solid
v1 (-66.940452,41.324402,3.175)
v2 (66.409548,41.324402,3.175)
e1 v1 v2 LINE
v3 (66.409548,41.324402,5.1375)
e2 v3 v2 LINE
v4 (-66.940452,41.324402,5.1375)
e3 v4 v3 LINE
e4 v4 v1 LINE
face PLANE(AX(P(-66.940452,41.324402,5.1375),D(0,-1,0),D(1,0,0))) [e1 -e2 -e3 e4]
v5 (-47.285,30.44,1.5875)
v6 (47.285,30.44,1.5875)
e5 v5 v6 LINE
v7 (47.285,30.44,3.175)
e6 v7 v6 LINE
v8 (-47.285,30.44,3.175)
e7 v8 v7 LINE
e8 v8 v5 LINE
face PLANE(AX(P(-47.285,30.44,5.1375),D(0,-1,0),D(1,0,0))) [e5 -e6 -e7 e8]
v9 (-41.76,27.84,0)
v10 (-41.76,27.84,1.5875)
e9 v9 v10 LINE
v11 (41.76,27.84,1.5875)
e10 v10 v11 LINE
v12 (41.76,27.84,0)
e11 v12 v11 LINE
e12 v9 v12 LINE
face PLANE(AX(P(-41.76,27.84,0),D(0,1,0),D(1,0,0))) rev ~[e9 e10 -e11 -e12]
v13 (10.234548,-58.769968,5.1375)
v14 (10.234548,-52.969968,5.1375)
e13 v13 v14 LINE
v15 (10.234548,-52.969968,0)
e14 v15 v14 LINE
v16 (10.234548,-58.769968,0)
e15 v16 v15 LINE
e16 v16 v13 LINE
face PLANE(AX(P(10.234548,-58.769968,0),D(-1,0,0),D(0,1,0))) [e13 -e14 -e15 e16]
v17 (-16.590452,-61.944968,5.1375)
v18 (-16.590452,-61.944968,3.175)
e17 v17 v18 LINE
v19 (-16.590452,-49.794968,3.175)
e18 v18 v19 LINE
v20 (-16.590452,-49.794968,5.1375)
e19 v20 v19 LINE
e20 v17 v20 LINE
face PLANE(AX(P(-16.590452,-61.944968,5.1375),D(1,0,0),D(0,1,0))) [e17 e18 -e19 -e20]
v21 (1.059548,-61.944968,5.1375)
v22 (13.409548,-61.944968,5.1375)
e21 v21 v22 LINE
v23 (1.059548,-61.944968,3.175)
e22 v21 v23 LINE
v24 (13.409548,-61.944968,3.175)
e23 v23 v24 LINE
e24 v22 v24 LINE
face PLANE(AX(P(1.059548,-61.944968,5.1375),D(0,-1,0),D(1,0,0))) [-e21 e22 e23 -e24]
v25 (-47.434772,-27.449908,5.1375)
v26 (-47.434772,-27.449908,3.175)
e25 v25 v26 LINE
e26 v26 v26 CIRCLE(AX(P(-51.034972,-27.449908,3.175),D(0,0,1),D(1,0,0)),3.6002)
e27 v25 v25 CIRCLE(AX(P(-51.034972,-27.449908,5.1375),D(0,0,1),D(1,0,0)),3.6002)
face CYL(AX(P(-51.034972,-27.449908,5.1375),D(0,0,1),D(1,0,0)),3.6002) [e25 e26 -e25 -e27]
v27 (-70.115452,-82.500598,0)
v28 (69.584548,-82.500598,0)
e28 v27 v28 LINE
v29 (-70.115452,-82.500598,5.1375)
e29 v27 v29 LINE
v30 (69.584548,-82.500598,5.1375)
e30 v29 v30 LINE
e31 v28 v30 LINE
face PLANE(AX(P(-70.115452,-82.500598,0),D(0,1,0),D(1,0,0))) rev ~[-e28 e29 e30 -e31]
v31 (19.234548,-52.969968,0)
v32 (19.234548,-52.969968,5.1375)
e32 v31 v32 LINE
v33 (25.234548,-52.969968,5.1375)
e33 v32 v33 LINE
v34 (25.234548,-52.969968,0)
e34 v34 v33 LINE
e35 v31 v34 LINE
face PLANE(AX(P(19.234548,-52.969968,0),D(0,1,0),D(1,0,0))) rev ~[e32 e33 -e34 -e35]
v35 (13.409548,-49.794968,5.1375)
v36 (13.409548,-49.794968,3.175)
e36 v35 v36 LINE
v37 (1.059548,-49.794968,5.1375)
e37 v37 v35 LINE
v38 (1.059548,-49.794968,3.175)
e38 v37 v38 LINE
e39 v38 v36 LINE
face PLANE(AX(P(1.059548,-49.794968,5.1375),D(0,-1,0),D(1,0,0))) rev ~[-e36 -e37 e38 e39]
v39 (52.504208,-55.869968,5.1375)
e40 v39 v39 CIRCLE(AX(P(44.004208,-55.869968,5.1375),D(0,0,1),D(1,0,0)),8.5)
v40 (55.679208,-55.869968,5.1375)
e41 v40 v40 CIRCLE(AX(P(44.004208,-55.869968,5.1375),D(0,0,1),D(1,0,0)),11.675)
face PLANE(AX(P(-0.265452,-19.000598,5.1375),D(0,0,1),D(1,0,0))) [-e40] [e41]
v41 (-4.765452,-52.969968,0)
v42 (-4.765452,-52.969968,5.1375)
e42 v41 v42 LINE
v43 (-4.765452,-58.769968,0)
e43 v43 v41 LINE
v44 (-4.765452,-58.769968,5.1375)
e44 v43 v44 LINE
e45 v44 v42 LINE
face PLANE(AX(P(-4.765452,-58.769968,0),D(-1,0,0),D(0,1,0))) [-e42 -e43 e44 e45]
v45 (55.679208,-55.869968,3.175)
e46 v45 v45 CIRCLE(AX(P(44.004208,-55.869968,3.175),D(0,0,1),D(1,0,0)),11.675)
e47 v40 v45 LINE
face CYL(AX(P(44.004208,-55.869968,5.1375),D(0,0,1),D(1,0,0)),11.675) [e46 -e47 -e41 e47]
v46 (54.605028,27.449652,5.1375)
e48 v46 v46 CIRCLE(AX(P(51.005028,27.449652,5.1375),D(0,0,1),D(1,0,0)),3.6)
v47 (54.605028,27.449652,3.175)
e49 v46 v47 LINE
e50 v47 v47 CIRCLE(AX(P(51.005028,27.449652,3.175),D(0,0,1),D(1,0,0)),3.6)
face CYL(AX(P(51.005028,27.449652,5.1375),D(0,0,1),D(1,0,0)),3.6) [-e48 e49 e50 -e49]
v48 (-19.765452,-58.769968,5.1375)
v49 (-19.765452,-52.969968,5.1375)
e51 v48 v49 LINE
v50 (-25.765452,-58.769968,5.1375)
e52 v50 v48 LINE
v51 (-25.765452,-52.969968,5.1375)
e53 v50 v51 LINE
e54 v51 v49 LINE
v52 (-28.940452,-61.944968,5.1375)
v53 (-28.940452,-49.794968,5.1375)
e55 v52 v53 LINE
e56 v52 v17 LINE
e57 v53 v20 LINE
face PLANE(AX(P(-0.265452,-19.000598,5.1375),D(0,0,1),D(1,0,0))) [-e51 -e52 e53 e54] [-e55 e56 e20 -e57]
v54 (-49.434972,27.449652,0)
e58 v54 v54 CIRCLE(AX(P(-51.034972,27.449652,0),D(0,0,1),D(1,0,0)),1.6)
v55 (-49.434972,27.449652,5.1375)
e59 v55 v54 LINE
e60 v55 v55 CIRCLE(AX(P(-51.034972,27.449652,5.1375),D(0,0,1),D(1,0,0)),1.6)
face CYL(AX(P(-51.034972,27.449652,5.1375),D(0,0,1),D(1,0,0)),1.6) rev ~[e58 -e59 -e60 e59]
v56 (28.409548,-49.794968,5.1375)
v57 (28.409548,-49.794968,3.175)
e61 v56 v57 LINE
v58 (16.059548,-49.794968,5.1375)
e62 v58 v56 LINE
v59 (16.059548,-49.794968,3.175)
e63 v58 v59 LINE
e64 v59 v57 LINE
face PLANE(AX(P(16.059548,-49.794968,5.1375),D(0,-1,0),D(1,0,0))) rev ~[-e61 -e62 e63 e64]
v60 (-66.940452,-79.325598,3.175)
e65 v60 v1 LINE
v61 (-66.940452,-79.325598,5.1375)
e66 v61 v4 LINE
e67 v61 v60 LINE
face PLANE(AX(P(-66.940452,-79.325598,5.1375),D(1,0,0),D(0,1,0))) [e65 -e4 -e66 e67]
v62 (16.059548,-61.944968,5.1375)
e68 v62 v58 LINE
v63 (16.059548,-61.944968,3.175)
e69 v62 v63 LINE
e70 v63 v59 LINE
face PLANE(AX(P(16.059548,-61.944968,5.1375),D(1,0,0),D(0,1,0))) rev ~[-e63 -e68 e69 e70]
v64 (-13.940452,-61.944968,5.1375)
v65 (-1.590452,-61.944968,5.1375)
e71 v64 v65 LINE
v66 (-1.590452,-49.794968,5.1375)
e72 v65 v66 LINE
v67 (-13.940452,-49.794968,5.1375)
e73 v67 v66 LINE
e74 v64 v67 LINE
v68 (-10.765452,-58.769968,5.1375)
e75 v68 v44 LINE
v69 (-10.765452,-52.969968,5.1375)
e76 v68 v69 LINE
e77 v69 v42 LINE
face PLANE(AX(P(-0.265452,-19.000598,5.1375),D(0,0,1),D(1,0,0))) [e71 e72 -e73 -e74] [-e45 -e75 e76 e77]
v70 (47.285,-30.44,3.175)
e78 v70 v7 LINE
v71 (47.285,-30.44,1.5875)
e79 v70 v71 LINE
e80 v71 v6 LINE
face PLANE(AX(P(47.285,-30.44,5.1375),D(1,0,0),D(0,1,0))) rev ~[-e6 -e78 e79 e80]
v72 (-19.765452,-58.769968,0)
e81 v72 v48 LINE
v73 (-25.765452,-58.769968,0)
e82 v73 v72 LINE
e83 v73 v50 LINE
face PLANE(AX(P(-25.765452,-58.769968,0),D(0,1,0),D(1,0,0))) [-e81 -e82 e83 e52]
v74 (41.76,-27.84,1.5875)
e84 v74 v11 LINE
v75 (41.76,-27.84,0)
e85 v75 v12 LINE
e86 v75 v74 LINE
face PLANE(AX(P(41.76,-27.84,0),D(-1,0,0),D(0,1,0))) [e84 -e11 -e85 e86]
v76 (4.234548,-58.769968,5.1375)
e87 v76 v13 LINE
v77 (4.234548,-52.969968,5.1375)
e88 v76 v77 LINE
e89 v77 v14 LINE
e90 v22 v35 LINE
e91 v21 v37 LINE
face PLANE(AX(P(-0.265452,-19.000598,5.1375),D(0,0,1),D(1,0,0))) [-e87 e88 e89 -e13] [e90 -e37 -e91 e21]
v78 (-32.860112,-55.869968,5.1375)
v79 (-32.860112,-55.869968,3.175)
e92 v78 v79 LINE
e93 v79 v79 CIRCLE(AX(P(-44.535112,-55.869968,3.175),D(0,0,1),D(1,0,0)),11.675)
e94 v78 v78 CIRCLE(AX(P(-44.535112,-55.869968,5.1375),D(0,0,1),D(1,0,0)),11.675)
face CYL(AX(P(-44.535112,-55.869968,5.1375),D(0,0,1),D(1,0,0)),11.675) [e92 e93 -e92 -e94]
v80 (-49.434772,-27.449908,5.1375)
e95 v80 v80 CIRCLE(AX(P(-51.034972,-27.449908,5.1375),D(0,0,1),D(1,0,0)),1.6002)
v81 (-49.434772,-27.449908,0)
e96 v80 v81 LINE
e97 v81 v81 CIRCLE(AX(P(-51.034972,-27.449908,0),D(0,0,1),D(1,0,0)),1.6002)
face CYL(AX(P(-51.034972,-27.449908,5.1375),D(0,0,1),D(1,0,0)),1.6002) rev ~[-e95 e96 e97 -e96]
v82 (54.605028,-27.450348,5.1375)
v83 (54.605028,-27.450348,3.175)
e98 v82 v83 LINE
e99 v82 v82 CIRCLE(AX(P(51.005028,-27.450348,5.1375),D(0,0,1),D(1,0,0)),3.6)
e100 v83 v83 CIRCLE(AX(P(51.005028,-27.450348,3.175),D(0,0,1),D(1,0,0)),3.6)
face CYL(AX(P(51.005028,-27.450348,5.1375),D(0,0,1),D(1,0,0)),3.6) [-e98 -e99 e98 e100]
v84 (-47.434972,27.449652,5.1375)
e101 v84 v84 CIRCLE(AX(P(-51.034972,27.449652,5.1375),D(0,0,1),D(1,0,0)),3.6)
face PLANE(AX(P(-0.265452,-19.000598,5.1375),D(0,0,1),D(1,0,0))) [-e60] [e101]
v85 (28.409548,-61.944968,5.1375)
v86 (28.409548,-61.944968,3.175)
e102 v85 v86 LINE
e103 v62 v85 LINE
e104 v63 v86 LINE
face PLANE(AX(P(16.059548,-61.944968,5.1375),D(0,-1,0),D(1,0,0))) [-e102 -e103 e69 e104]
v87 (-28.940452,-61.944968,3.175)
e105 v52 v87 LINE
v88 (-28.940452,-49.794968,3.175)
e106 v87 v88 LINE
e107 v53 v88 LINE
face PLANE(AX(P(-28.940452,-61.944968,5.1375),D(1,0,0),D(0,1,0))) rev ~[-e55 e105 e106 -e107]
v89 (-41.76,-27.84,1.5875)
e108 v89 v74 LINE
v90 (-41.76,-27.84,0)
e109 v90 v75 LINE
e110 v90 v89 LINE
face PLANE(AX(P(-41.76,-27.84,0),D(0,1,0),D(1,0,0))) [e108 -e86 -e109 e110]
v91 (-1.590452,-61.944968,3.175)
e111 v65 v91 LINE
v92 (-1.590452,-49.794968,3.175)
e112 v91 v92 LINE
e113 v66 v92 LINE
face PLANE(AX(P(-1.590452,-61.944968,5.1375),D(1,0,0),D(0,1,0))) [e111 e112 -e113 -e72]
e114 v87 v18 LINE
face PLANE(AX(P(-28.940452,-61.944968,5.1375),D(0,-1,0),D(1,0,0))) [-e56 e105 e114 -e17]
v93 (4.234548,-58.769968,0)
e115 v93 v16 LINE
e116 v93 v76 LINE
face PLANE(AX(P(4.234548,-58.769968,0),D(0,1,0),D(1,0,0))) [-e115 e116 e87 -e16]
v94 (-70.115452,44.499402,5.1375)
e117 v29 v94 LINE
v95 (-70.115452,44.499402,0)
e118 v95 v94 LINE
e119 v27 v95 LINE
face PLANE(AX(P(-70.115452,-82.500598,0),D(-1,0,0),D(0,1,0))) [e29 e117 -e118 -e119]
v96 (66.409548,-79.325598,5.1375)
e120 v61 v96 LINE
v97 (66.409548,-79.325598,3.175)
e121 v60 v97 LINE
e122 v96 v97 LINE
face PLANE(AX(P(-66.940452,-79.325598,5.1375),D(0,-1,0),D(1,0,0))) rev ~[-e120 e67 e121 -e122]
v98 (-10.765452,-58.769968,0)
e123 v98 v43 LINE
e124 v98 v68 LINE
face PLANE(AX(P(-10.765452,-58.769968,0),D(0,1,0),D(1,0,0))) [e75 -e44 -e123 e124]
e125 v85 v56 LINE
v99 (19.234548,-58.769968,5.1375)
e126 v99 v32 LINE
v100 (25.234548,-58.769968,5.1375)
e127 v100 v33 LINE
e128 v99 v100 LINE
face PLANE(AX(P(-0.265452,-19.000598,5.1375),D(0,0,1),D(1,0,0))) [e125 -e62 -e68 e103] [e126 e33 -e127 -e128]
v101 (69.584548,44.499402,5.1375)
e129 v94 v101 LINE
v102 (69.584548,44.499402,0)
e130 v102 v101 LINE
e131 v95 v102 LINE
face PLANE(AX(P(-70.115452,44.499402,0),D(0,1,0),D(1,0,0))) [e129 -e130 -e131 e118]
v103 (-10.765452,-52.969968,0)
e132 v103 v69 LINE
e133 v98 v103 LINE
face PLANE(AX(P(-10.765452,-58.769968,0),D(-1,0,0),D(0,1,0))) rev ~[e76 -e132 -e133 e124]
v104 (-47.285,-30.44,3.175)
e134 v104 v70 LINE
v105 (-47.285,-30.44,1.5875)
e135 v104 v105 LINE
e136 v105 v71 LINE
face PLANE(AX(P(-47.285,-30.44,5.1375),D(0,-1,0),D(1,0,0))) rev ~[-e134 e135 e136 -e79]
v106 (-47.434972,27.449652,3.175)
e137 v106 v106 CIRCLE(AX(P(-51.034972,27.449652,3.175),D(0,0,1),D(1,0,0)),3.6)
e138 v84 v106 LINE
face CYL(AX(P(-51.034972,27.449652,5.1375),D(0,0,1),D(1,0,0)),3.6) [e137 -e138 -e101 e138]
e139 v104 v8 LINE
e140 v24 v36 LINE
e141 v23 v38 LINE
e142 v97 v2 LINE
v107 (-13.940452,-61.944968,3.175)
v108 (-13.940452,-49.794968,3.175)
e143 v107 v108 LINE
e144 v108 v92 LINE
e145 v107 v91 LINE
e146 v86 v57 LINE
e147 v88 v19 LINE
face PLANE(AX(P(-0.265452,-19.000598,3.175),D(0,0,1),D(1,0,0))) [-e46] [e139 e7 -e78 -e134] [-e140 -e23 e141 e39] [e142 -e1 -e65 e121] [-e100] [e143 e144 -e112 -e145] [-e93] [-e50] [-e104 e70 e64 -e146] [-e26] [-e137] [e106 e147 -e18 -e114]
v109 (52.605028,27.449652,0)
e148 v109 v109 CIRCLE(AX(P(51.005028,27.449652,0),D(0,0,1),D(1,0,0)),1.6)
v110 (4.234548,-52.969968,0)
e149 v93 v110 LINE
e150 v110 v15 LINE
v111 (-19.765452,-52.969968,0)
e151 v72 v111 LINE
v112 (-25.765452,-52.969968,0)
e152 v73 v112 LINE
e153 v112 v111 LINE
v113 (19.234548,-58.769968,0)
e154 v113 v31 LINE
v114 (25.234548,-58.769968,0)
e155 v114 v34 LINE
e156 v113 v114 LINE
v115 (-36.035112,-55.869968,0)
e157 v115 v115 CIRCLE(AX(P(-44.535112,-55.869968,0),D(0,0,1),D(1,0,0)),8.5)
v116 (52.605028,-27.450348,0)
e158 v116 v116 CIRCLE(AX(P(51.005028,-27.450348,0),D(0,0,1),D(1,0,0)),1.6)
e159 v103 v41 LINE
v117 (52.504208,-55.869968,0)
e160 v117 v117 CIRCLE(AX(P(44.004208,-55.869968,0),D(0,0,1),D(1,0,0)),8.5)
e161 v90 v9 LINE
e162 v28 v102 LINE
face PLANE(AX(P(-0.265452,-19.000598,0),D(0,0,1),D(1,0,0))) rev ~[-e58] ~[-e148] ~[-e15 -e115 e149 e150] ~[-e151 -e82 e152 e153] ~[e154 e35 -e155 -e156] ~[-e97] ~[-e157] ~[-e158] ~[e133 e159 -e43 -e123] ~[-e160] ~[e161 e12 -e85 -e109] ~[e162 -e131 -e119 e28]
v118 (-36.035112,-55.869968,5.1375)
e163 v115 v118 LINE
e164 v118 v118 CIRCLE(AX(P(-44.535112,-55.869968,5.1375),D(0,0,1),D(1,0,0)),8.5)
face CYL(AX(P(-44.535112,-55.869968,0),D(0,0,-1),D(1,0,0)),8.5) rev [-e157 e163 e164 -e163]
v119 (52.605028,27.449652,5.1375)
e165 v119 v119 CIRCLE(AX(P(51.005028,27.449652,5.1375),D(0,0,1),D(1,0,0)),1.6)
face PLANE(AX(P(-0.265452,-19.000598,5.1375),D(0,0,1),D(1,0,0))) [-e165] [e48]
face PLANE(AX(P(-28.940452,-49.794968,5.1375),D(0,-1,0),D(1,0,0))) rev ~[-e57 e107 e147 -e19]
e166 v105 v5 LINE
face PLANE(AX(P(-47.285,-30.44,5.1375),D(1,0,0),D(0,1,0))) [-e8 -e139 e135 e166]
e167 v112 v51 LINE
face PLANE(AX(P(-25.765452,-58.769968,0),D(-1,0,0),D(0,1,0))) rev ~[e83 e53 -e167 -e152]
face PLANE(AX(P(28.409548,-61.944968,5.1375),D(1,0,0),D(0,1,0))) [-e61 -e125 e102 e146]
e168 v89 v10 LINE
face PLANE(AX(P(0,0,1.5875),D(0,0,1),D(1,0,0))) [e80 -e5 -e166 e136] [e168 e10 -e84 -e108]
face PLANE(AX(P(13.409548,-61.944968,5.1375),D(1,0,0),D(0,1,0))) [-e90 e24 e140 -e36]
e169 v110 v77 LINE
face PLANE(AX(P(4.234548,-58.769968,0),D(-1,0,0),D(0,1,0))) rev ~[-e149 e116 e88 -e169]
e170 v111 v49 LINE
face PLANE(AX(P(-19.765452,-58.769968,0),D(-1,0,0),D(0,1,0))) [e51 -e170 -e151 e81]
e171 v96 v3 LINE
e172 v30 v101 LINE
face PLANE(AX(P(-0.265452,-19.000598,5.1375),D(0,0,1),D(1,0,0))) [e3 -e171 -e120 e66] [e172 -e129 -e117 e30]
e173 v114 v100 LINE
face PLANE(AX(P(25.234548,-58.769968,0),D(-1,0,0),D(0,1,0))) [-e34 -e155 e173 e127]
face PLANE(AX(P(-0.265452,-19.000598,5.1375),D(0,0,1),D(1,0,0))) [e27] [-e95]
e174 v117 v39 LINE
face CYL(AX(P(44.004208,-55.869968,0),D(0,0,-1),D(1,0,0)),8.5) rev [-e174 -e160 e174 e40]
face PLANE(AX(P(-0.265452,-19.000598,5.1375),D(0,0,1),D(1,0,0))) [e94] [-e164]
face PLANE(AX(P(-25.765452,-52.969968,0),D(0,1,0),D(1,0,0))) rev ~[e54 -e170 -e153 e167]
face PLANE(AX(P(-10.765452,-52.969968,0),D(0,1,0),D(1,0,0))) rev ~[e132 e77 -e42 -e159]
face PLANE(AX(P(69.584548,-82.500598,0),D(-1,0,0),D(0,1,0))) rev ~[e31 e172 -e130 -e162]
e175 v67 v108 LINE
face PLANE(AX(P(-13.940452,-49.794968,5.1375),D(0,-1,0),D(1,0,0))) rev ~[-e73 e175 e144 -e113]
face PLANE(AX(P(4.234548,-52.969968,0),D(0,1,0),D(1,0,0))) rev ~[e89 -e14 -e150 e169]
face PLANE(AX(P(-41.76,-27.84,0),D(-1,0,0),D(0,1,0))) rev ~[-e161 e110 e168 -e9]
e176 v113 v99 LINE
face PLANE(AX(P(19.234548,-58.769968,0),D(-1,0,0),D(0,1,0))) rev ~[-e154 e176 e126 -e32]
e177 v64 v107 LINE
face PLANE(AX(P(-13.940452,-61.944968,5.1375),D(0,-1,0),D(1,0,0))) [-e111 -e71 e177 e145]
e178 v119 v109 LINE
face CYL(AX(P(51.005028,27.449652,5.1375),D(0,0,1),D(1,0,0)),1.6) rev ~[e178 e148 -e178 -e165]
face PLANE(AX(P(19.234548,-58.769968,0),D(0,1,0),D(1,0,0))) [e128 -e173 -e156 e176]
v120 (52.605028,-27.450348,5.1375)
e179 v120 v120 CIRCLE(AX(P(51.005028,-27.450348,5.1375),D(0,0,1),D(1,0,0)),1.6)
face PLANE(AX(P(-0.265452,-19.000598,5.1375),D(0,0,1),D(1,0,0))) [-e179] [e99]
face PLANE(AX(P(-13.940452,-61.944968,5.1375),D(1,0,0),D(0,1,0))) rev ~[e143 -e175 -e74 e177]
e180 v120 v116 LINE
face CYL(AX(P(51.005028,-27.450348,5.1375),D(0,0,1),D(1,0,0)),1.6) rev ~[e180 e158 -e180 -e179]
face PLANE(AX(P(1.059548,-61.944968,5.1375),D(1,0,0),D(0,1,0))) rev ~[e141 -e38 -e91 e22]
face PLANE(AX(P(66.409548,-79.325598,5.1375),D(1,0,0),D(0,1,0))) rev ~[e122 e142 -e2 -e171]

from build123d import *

# Parameters (mm, degrees)
SKETCH1_W           = 139.7
SKETCH1_H           = 127
SKETCH1_R           = 8.5
SKETCH1_W_2         = 6
SKETCH1_H_2         = 5.8
SKETCH1_W_3         = 83.52
SKETCH1_H_3         = 55.68
BOSS_EXTRUDE1_DEPTH = 5.1375
SKETCH2_W           = 94.57
SKETCH2_H           = 60.88
SKETCH2_W_2         = 83.52
SKETCH2_H_2         = 55.68
CUT_EXTRUDE1_DEPTH  = 3.55
SKETCH3_R           = 1.6
SKETCH3_R_2         = 1.6002
CUT_EXTRUDE2_DEPTH  = 10
SKETCH4_W           = 133.35
SKETCH4_H           = 120.65
SKETCH4_R           = 3.6
SKETCH4_R_2         = 3.6002
SKETCH4_R_3         = 11.675
SKETCH4_W_2         = 12.35
SKETCH4_H_2         = 12.15
SKETCH4_W_3         = 94.57
SKETCH4_H_3         = 60.88
CUT_EXTRUDE3_DEPTH  = 1.9625


with BuildPart() as part:
    # Sketch1 → Boss-Extrude1 (new body)
    with BuildSketch(Plane.XY):
        with Locations((-0.265452364, -19.000597583)):
            Rectangle(SKETCH1_W, SKETCH1_H)
        with Locations((44.004207636, -55.869967583)):
            Circle(SKETCH1_R, mode=Mode.SUBTRACT)
        with Locations((-44.535112364, -55.869967583)):
            Circle(SKETCH1_R, mode=Mode.SUBTRACT)
        with Locations((-7.765452364, -55.869967583)):
            Rectangle(SKETCH1_W_2, SKETCH1_H_2, mode=Mode.SUBTRACT)
        Rectangle(SKETCH1_W_3, SKETCH1_H_3, mode=Mode.SUBTRACT)
        with Locations((-22.765452364, -55.869967583)):
            Rectangle(SKETCH1_W_2, SKETCH1_H_2, mode=Mode.SUBTRACT)
        with Locations((7.234547636, -55.869967583)):
            Rectangle(SKETCH1_W_2, SKETCH1_H_2, mode=Mode.SUBTRACT)
        with Locations((22.234547636, -55.869967583)):
            Rectangle(SKETCH1_W_2, SKETCH1_H_2, mode=Mode.SUBTRACT)
    extrude(amount=BOSS_EXTRUDE1_DEPTH)

    # Sketch2 → Cut-Extrude1 (cut)
    with BuildSketch(Plane.XY.offset(5.1375)):
        Rectangle(SKETCH2_W, SKETCH2_H)
        Rectangle(SKETCH2_W_2, SKETCH2_H_2, mode=Mode.SUBTRACT)
    extrude(amount=-CUT_EXTRUDE1_DEPTH, mode=Mode.SUBTRACT)

    # Sketch3 → Cut-Extrude2 (cut)
    with BuildSketch(Plane.XY.offset(5.1375)):
        with Locations((51.005027636, -27.450347583)):
            Circle(SKETCH3_R)
        with Locations((-51.034972364, 27.449652417)):
            Circle(SKETCH3_R)
        with Locations((51.005027636, 27.449652417)):
            Circle(SKETCH3_R)
        with Locations((-51.034972364, -27.449907583)):
            Circle(SKETCH3_R_2)
    extrude(amount=-CUT_EXTRUDE2_DEPTH, mode=Mode.SUBTRACT)

    # Sketch4 → Cut-Extrude3 (cut)
    with BuildSketch(Plane.XY.offset(5.1375)):
        with Locations((-0.265452364, -19.000597583)):
            Rectangle(SKETCH4_W, SKETCH4_H)
        with Locations((51.005027636, -27.450347583)):
            Circle(SKETCH4_R, mode=Mode.SUBTRACT)
        with Locations((-51.034972364, -27.449907583)):
            Circle(SKETCH4_R_2, mode=Mode.SUBTRACT)
        with Locations((-51.034972364, 27.449652417)):
            Circle(SKETCH4_R, mode=Mode.SUBTRACT)
        with Locations((51.005027636, 27.449652417)):
            Circle(SKETCH4_R, mode=Mode.SUBTRACT)
        with Locations((-44.535112364, -55.869967583)):
            Circle(SKETCH4_R_3, mode=Mode.SUBTRACT)
        with Locations((44.004207636, -55.869967583)):
            Circle(SKETCH4_R_3, mode=Mode.SUBTRACT)
        with Locations((22.234547636, -55.869967583)):
            Rectangle(SKETCH4_W_2, SKETCH4_H_2, mode=Mode.SUBTRACT)
        with Locations((-7.765452364, -55.869967583)):
            Rectangle(SKETCH4_W_2, SKETCH4_H_2, mode=Mode.SUBTRACT)
        with Locations((-22.765452364, -55.869967583)):
            Rectangle(SKETCH4_W_2, SKETCH4_H_2, mode=Mode.SUBTRACT)
        with Locations((7.234547636, -55.869967583)):
            Rectangle(SKETCH4_W_2, SKETCH4_H_2, mode=Mode.SUBTRACT)
        Rectangle(SKETCH4_W_3, SKETCH4_H_3, mode=Mode.SUBTRACT)
    extrude(amount=-CUT_EXTRUDE3_DEPTH, mode=Mode.SUBTRACT)


solid = part.part
